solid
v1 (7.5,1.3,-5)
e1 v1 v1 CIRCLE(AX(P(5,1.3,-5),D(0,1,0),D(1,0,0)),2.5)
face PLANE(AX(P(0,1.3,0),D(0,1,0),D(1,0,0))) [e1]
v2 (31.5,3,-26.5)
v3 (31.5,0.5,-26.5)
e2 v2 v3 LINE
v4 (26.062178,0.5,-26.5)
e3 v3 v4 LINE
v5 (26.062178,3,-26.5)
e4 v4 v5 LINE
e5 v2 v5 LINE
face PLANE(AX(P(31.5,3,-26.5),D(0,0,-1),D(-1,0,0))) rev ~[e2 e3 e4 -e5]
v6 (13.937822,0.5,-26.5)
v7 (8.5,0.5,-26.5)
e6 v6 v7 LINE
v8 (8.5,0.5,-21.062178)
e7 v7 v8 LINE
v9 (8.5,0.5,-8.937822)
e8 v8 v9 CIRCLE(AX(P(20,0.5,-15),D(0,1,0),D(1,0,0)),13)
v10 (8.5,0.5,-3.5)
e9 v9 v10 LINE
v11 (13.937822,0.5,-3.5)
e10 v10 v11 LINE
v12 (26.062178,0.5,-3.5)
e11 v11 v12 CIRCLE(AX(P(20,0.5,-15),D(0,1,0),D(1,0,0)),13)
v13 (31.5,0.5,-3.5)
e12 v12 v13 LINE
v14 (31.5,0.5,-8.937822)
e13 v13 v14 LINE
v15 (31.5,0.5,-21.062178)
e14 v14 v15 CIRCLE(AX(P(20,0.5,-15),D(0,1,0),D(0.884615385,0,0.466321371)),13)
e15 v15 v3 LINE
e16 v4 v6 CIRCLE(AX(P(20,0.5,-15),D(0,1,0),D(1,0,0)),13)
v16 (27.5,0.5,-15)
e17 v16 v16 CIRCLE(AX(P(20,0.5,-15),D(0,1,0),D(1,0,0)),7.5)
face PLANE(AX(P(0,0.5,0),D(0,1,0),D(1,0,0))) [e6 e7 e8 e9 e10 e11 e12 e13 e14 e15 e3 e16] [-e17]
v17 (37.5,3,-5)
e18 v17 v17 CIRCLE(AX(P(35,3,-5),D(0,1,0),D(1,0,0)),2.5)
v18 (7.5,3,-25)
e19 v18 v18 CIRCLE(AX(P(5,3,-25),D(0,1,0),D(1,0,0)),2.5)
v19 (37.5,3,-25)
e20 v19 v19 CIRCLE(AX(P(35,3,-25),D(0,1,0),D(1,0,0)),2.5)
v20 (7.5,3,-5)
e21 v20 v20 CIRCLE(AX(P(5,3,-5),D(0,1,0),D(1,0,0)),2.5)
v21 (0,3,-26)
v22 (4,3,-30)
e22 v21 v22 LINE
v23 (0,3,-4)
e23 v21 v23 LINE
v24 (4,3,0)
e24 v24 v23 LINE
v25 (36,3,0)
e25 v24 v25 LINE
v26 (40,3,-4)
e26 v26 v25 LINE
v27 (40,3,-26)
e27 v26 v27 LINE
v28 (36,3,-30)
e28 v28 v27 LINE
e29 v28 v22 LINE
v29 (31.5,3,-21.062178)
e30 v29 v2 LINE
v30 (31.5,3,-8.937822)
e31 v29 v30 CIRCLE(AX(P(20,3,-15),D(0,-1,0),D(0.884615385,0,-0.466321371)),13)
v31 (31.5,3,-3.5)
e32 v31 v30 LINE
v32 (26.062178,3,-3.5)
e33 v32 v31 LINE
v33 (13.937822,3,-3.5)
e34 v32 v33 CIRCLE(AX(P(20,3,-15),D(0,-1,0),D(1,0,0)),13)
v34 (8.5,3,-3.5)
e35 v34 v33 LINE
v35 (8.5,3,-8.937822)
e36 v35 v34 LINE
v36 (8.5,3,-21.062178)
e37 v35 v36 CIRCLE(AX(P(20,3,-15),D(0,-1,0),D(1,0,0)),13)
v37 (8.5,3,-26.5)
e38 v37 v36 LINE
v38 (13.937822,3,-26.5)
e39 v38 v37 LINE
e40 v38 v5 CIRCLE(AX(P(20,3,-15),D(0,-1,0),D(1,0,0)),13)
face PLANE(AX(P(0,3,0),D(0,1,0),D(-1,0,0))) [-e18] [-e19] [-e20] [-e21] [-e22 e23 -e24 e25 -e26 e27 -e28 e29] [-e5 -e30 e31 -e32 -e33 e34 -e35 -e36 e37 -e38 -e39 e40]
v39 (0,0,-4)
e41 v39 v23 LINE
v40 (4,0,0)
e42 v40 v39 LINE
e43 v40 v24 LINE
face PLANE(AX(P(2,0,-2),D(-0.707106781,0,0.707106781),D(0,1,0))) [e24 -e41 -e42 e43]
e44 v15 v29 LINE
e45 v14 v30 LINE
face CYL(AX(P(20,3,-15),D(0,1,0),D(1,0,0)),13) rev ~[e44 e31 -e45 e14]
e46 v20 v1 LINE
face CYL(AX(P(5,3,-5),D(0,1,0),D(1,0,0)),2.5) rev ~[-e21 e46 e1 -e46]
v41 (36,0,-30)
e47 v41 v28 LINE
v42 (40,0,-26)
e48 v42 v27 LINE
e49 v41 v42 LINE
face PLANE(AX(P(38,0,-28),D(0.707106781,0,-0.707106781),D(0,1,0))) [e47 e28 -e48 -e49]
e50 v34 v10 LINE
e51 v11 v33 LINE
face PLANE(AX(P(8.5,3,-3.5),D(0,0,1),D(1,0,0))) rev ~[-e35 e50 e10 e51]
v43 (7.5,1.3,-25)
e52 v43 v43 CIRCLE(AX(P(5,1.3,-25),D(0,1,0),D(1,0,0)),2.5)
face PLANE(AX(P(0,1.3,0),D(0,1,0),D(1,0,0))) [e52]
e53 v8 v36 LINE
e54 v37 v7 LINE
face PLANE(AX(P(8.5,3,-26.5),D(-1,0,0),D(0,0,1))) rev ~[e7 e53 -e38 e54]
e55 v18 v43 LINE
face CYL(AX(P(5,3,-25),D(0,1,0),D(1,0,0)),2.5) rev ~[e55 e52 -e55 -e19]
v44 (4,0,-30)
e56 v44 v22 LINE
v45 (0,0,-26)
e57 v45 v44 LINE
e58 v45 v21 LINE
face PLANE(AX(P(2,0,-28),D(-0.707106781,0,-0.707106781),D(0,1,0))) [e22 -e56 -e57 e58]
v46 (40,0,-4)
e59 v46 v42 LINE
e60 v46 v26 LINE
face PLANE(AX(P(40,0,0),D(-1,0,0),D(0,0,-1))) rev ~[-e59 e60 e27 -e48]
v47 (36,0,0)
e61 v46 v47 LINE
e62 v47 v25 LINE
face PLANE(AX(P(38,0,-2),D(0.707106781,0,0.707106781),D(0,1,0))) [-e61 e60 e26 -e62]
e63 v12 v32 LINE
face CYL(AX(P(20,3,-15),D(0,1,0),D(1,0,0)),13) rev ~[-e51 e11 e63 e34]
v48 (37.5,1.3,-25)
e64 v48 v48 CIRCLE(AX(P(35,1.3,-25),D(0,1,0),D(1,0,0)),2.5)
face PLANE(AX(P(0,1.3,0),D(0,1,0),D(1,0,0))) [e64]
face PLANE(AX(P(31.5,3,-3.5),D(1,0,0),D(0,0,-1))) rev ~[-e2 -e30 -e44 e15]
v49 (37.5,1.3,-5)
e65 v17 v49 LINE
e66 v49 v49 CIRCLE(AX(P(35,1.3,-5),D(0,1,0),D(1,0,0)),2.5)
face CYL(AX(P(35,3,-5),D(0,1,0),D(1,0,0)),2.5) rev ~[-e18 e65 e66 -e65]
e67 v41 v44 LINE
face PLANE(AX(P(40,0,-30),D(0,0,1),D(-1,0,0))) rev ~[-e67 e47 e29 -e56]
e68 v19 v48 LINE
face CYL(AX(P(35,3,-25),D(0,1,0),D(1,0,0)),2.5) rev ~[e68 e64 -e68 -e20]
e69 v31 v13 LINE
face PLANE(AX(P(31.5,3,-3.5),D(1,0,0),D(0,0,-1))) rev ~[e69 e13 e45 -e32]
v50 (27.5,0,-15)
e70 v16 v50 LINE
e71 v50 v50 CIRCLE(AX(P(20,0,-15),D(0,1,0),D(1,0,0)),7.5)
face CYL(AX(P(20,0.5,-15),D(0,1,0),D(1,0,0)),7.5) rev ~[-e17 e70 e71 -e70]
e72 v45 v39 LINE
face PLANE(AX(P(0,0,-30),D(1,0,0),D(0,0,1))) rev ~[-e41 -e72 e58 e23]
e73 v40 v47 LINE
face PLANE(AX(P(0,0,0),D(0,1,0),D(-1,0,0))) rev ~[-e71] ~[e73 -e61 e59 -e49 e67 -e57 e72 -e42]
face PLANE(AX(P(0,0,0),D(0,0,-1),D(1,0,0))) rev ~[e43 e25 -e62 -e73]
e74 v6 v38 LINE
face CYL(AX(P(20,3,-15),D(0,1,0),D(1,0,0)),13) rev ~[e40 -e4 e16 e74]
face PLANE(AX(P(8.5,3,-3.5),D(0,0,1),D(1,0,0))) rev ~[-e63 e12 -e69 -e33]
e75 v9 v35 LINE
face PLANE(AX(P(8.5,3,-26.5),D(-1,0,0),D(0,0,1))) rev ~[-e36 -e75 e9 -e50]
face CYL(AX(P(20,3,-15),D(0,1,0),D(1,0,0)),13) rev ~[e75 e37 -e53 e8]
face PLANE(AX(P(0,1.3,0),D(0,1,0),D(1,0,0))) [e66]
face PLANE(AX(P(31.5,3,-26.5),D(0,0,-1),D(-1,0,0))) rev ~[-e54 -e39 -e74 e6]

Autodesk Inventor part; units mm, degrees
ref_plane "YZ Plane" through (0, 0, 0) normal (1, 0, 0) x (0, 1, 0)
ref_plane "XZ Plane" through (0, 0, 0) normal (0, 1, 0) x (-1, 0, 0)
ref_plane "XY Plane" through (0, 0, 0) normal (0, 0, 1) x (1, 0, 0)
sketch "Sketch1" plane through (0, 0, 0) normal (0, 1, 0) x (-1, 0, 0)
  line L0 (0, 0) -> (-40, 0)
  line L1 (-40, 0) -> (-40, -30)
  line L2 (-40, -30) -> (0, -30)
  line L3 (0, -30) -> (0, 0)
  dimension "d0" = 30
  dimension "d1" = 40
extrude "Extrusion1" add sketch "Sketch1" along normal blind 3
sketch "Sketch2" plane through (0, 3, 0) normal (0, 1, 0) x (1, 0, 0)
  circle A0 centre (20, 15) radius 13
  line L0 (0, 30) -> (0, 0) projected
  line L1 (0, 0) -> (40, 0) projected
  line L2 (8.5, 3.5) -> (31.5, 3.5)
  line L3 (31.5, 3.5) -> (31.5, 26.5)
  line L4 (31.5, 26.5) -> (8.5, 26.5)
  line L5 (8.5, 26.5) -> (8.5, 3.5)
  line L6 (40, 0) -> (40, 30) projected
  dimension "d4" = 20
  dimension "d5" = 26
  dimension "d25" = 15
  dimension "d29" = 23
  dimension "d30" = 23
  dimension "d31" = 3.5
  dimension "d32" = 8.5
extrude "Extrusion2" cut sketch "Sketch2" against normal blind 2.5 contours A0 L3 | L3 A0 L2 L5 L4 | L4 A0 | A0 L2 | L5 A0
sketch "Sketch3" plane through (20, 0.5, -15) normal (0, 1, 0) x (1, 0, 0)
  circle A0 centre (0, 0) radius 7.5
  point P0 (-20, -15)
  dimension "d8" = 15
extrude "Extrusion3" cut sketch "Sketch3" against normal blind 3.5
sketch "Sketch4" plane through (0, 3, 0) normal (0, 1, 0) x (1, 0, 0)
  circle A0 centre (5, 5) radius 2.5
  circle A1 centre (5, 25) radius 2.5
  circle A2 centre (35, 5) radius 2.5
  circle A3 centre (35, 25) radius 2.5
  circle A4 centre (20, 15) radius 7.5 projected
  point P0 (0, 0)
  dimension "d11" = 5
  dimension "d12" = 5
  dimension "d13" = 5
  dimension "d14" = 5
  dimension "d15" = 15
  dimension "d16" = 15
  dimension "d17" = 15
  dimension "d18" = 15
  dimension "d19" = 10
  dimension "d20" = 10
  dimension "d21" = 10
  dimension "d22" = 10
extrude "Extrusion4" cut sketch "Sketch4" against normal blind 1.7 contours A0 | A1 | A2 | A3
chamfer "Chamfer1" distance 4 angle 45 1 edges at (40, 1.5, -30)
chamfer "Chamfer2" distance 4 angle 45 1 edges at (40, 1.5, 0)
chamfer "Chamfer3" distance 4 angle 45 1 edges at (0, 1.5, 0)
chamfer "Chamfer4" distance 4 angle 45 1 edges at (0, 1.5, -30)
sketch "Sketch5" plane through (0, 3, 0) normal (0, 1, 0) x (1, 0, 0)
  line L0 (8.5, 3.5) -> (31.5, 3.5)
  line L1 (31.5, 3.5) -> (31.5, 26.5)
  line L2 (31.5, 26.5) -> (8.5, 26.5)
  line L3 (8.5, 26.5) -> (8.5, 3.5)
  line L4 (4, 0) -> (36, 0) projected
  line L5 (40, 4) -> (40, 26) projected
  point P0 (0, 0)
  dimension "d42" = 23
  dimension "d43" = 23
  dimension "d44" = 3.5
  dimension "d45" = 8.5
extrude "Extrusion5" cut sketch "Sketch5" against normal blind 2.5
properties part number "chamber_bottom"
